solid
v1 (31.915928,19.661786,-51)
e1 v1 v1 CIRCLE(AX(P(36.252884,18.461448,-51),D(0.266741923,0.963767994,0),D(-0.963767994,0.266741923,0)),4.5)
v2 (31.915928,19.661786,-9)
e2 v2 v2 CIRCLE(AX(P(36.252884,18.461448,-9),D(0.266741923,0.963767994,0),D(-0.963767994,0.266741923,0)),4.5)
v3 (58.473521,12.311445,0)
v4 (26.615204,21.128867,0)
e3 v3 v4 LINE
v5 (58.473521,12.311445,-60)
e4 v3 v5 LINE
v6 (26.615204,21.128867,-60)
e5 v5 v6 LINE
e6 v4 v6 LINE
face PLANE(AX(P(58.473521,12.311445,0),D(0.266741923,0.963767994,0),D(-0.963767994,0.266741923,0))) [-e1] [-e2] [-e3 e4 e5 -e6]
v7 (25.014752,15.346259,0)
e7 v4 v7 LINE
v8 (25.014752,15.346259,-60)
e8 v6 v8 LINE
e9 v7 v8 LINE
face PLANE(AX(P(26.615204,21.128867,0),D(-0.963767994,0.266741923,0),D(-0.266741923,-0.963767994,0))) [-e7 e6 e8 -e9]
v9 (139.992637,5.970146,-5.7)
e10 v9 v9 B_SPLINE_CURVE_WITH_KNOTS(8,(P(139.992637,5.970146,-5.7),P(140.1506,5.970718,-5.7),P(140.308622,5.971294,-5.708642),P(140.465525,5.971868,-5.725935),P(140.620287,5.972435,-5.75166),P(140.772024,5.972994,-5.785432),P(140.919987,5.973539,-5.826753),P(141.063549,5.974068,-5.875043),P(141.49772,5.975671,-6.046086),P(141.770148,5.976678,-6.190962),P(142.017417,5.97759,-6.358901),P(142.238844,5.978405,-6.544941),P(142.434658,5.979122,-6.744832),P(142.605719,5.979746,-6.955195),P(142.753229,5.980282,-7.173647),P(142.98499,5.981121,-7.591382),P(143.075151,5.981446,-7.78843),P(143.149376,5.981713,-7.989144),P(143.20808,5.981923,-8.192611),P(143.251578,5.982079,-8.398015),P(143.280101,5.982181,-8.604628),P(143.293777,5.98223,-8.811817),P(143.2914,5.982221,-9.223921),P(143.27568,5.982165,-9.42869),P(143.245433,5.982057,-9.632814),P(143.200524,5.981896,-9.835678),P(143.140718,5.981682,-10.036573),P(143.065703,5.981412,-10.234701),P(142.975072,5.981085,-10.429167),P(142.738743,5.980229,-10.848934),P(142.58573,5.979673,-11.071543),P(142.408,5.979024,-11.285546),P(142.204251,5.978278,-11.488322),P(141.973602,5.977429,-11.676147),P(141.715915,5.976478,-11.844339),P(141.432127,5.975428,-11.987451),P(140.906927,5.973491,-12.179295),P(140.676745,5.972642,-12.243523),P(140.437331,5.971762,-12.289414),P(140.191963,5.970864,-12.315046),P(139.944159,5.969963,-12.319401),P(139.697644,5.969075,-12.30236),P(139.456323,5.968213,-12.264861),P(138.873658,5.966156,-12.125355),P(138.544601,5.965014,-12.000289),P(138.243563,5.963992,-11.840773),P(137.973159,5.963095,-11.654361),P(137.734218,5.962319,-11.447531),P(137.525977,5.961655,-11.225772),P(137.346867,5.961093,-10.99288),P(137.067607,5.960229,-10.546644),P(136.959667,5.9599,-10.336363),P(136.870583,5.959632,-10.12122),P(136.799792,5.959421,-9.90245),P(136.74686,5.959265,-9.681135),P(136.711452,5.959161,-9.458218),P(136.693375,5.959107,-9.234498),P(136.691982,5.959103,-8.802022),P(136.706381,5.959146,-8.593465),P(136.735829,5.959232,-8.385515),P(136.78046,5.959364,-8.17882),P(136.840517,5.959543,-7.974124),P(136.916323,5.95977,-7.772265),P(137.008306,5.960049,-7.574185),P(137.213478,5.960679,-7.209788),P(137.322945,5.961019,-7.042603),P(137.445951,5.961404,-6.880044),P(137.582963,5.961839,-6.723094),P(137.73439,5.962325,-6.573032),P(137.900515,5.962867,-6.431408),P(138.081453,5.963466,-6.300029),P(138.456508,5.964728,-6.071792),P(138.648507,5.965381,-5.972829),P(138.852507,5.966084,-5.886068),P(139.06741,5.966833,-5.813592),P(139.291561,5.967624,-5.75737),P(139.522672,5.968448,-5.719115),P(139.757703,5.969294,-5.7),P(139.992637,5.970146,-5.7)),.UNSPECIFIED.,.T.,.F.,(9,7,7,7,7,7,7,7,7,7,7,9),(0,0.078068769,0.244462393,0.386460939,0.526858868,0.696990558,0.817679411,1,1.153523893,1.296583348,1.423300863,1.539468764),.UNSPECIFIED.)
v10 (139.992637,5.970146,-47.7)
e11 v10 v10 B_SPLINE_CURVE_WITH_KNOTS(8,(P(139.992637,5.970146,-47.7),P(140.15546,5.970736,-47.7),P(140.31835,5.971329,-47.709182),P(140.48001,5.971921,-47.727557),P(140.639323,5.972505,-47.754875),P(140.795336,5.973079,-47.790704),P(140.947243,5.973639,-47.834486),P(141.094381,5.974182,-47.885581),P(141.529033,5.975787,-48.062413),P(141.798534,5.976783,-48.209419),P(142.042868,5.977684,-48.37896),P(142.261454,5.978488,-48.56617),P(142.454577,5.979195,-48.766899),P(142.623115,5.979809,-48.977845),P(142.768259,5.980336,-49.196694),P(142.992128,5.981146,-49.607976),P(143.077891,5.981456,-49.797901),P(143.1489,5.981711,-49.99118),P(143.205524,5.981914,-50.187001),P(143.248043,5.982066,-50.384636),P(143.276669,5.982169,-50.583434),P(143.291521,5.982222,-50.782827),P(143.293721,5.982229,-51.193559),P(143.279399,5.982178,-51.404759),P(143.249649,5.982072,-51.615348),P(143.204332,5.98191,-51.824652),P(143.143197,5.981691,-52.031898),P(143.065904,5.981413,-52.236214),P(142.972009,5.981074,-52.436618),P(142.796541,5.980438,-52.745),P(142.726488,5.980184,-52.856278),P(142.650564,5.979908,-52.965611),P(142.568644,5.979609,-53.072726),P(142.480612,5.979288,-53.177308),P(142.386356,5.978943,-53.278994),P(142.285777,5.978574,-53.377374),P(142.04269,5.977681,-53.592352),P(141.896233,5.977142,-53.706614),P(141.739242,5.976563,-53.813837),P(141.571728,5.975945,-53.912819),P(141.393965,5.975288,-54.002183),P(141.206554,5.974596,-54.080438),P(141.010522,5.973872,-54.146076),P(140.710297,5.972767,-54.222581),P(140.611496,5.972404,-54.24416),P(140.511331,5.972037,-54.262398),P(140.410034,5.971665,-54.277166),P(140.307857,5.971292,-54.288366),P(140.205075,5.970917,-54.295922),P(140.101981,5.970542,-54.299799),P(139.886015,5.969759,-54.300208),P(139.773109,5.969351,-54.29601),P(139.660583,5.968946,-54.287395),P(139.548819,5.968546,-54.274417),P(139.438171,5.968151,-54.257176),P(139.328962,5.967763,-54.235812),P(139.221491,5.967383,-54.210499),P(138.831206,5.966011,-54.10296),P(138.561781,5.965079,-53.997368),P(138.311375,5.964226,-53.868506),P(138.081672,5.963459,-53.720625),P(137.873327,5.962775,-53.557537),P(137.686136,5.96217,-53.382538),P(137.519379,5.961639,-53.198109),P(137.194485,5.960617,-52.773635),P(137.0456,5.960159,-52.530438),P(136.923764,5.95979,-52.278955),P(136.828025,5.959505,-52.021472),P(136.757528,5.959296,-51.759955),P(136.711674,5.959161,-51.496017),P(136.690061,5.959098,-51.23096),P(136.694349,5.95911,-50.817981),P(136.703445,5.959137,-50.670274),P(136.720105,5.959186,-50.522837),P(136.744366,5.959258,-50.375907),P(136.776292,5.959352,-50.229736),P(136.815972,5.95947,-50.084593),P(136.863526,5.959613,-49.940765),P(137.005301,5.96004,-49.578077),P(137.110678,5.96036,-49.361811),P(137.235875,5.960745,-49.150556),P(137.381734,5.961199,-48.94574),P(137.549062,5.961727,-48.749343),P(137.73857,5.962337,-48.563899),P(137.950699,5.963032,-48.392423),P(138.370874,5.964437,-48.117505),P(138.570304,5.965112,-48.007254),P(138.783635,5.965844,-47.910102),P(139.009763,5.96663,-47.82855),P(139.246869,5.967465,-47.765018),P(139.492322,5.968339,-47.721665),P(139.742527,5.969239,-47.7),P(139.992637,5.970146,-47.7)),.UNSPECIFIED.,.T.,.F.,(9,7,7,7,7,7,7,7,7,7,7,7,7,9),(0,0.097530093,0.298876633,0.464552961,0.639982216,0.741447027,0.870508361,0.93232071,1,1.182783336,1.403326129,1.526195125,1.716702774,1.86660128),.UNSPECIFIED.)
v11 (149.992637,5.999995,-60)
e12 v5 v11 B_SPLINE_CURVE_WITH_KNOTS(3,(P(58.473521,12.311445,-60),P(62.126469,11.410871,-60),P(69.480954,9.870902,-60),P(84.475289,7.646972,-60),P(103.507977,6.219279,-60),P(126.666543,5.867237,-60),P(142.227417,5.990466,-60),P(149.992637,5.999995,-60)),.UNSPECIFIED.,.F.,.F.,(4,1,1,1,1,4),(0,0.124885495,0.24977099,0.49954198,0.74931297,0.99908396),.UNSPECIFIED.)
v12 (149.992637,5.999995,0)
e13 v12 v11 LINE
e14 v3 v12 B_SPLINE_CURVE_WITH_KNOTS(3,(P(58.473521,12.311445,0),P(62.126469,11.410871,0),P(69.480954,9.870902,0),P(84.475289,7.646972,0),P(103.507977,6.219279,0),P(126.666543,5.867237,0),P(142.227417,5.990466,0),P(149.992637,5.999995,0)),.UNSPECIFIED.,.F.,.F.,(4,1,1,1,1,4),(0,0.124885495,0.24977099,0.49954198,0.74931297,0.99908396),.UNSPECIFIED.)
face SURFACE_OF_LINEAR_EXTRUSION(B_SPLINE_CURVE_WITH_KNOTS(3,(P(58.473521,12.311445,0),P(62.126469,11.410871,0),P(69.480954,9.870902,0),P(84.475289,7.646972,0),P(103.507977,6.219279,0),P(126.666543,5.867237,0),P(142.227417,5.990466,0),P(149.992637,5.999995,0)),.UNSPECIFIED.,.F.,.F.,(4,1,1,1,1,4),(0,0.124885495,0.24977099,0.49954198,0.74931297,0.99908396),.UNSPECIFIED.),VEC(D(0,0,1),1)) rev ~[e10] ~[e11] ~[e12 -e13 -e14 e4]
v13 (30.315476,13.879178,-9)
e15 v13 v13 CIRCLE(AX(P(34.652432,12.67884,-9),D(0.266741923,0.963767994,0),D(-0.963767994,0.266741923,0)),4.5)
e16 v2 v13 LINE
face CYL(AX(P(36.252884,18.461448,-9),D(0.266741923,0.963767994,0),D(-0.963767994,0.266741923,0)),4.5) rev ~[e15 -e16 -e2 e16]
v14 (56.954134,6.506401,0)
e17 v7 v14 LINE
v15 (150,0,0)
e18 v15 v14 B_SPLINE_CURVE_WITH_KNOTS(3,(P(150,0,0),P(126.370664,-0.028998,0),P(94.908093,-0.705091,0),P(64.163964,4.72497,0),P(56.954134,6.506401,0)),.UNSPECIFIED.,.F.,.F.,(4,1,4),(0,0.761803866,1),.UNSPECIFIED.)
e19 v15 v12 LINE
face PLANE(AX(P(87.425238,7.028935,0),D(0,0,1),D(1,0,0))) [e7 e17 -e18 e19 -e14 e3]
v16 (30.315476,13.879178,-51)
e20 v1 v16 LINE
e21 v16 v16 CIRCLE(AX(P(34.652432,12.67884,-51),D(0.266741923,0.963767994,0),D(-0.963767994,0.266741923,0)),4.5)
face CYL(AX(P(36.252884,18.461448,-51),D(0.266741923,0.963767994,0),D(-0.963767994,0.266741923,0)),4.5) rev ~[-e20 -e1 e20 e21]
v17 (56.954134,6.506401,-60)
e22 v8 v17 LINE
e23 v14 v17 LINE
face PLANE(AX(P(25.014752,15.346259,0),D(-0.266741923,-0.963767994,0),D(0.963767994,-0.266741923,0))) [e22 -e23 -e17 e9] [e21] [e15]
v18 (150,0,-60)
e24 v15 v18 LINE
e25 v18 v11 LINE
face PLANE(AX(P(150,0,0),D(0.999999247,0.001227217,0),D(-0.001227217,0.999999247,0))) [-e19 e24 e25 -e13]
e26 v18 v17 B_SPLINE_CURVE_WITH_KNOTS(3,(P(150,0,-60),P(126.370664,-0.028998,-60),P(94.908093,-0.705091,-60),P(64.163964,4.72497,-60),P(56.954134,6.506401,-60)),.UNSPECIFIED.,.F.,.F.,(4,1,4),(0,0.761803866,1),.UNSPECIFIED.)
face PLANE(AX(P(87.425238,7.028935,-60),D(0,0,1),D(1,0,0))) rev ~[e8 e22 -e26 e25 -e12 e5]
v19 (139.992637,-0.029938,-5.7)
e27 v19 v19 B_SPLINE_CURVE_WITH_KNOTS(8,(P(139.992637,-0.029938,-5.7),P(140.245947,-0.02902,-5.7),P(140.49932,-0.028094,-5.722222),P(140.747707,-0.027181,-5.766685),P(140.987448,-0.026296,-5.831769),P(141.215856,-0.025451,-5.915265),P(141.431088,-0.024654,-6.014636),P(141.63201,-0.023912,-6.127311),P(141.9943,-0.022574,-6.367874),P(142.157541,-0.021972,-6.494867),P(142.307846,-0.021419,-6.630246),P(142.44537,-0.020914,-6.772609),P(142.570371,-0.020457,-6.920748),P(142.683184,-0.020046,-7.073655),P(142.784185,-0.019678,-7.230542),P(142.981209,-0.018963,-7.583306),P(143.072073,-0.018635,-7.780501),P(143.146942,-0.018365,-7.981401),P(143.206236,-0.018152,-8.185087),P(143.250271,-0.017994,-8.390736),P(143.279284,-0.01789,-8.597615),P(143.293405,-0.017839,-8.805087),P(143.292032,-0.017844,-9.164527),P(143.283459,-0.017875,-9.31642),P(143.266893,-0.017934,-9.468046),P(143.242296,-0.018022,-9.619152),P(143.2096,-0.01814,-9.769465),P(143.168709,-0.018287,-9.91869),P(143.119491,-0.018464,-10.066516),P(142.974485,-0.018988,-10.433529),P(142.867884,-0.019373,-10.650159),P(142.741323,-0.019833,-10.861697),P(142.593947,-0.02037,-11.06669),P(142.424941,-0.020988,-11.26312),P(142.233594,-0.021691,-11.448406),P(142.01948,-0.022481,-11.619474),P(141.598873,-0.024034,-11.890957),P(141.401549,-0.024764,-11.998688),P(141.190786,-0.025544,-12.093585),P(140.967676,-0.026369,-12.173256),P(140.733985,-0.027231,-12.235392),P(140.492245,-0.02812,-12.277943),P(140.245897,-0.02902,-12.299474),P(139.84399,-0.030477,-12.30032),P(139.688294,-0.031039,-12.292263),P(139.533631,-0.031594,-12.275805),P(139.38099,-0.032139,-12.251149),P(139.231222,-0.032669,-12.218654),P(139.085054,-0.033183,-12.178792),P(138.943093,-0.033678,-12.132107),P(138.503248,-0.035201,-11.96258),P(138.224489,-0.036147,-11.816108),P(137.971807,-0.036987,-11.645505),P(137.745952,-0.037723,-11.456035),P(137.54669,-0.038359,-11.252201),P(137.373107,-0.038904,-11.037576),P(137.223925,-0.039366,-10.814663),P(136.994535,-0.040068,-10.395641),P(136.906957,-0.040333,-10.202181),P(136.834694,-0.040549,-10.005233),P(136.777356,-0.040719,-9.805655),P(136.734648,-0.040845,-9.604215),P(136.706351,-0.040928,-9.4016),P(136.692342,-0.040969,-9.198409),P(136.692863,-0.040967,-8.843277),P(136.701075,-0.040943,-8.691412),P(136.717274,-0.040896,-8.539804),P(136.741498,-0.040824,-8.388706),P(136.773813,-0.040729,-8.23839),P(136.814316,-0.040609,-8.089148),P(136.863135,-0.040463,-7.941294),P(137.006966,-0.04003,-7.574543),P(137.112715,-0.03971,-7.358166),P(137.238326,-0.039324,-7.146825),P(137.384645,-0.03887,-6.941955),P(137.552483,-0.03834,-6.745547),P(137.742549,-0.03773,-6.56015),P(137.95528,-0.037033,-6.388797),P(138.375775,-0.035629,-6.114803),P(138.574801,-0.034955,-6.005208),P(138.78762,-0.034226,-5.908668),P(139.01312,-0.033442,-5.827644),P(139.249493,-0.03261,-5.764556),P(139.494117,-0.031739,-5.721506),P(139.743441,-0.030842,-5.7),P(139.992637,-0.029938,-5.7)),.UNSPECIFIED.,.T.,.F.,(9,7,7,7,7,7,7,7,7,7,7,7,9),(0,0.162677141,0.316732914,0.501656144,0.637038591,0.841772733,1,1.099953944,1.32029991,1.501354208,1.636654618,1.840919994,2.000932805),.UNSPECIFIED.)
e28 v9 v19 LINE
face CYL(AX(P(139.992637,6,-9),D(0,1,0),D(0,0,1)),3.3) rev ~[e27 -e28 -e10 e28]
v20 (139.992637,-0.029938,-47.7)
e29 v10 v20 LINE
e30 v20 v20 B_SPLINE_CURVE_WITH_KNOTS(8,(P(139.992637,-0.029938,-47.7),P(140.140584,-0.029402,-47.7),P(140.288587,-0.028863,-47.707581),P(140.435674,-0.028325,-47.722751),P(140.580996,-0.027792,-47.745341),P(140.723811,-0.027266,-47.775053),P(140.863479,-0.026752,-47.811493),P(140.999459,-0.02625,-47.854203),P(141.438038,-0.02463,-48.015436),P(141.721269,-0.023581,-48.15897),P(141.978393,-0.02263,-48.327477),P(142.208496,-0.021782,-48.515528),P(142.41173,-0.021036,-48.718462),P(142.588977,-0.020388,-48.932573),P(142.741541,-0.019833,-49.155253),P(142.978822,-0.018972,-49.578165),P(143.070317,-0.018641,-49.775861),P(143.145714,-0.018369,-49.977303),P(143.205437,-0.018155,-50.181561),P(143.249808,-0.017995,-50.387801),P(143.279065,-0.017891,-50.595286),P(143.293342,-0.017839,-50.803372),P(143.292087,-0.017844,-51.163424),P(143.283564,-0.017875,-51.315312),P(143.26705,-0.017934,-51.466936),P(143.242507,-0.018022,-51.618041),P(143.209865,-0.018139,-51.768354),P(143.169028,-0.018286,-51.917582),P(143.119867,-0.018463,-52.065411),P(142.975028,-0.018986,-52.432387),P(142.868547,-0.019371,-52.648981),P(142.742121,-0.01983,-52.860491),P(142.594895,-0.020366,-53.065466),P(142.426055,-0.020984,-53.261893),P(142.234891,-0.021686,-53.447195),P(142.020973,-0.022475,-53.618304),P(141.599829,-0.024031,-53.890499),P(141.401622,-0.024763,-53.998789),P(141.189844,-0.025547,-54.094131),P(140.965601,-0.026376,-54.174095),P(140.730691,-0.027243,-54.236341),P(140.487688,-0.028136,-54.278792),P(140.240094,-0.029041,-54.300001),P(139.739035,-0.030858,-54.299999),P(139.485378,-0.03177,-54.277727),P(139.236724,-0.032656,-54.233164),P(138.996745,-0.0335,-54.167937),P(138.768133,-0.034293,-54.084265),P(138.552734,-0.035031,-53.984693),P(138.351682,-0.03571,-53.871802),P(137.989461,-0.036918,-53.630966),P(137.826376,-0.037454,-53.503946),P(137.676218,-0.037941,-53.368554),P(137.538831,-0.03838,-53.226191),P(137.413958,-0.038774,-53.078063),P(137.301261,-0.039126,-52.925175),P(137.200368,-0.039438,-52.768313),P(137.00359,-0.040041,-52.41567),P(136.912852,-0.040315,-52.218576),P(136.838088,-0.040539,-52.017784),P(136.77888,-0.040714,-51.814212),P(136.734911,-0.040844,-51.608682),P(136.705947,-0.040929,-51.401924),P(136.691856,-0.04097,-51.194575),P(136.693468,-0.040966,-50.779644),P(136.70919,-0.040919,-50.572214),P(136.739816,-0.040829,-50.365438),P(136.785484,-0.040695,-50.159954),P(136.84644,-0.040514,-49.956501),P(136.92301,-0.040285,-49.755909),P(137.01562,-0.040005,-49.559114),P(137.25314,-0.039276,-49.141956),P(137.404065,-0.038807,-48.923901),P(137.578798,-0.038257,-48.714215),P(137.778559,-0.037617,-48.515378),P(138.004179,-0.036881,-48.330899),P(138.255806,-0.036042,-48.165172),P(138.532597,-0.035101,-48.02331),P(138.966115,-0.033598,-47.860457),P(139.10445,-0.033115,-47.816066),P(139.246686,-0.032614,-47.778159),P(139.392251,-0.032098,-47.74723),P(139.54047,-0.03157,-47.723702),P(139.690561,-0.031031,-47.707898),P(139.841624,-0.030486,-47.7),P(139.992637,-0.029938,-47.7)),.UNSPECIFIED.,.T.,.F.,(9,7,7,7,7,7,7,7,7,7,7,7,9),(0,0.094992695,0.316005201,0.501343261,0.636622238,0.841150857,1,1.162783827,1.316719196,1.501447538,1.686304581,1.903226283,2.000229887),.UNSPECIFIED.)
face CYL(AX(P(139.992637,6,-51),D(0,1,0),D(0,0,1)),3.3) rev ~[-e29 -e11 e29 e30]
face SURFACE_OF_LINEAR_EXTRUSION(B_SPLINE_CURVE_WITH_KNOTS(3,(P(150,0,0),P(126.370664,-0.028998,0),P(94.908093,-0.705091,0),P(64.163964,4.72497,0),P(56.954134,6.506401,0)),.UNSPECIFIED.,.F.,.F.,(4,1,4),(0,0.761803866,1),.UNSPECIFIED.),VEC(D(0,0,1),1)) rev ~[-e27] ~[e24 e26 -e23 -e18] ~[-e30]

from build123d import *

# Parameters (mm, degrees)
ESTRUSIONE_ESTRUSIONE1_DEPTH = 60
SCHIZZO2_R                   = 3.3
TAGLIO_ESTRUSIONE1_DEPTH     = 163.261772004
SCHIZZO3_R                   = 4.5
TAGLIO_ESTRUSIONE2_DEPTH     = 158.032602074


with BuildPart() as part:
    # Schizzo1 → Estrusione-Estrusione1 (new body)
    with BuildSketch(Plane.XY):
        with BuildLine():
            Line((25.014752149, 15.346258777), (56.954134442, 6.506400743))
            add(Edge.make_bspline(
                [(150, 0), (126.370664176, -0.028998352), (94.908093193, -0.705091299), (64.163963919, 4.724970041), (56.954134442, 6.506400743)],
                knots=[0, 0, 0, 0, 0.761803866, 1, 1, 1, 1], degree=3))
            Line((150, 0), (149.992636696, 5.999995482))
            add(Edge.make_bspline(
                [(58.473520543, 12.311445177), (62.126468599, 11.410871011), (69.480954345, 9.870901955), (84.475289112, 7.646971822), (103.507977373, 6.219278985), (126.666543406, 5.867237142), (142.227417194, 5.990465863), (149.992636696, 5.999995482)],
                knots=[0, 0, 0, 0, 0.124885495, 0.24977099, 0.49954198, 0.74931297, 0.99908396, 0.99908396, 0.99908396, 0.99908396], degree=3))
            Line((58.473520543, 12.311445177), (26.615203686, 21.128866742))
            Line((26.615203686, 21.128866742), (25.014752149, 15.346258777))
        make_face()
    extrude(amount=-ESTRUSIONE_ESTRUSIONE1_DEPTH)

    # Schizzo2 → Taglio-Estrusione1 (cut, through all)
    with BuildSketch(Plane(origin=(0, 6, 0), x_dir=(1, 0, 0), z_dir=(0, 1, 0))):
        with Locations(Location((139.992636696, 51, 0), (0, 0, 270))):
            Circle(SCHIZZO2_R)
        with Locations(Location((139.992636696, 9, 0), (0, 0, 270))):
            Circle(SCHIZZO2_R)
    extrude(amount=-TAGLIO_ESTRUSIONE1_DEPTH, mode=Mode.SUBTRACT)

    # Schizzo3 → Taglio-Estrusione2 (cut, through all)
    with BuildSketch(Plane(origin=(7.325457705, 26.467686836, 0), x_dir=(0.9637679941855859, -0.26674192280834413, 0), z_dir=(0.2667419228083441, 0.9637679941855858, 0))):
        with Locations(Location((30.01492693, 51, 0), (0, 0, 180))):
            Circle(SCHIZZO3_R)
        with Locations(Location((30.01492693, 9, 0), (0, 0, 180))):
            Circle(SCHIZZO3_R)
    extrude(amount=-TAGLIO_ESTRUSIONE2_DEPTH, mode=Mode.SUBTRACT)


solid = part.part
